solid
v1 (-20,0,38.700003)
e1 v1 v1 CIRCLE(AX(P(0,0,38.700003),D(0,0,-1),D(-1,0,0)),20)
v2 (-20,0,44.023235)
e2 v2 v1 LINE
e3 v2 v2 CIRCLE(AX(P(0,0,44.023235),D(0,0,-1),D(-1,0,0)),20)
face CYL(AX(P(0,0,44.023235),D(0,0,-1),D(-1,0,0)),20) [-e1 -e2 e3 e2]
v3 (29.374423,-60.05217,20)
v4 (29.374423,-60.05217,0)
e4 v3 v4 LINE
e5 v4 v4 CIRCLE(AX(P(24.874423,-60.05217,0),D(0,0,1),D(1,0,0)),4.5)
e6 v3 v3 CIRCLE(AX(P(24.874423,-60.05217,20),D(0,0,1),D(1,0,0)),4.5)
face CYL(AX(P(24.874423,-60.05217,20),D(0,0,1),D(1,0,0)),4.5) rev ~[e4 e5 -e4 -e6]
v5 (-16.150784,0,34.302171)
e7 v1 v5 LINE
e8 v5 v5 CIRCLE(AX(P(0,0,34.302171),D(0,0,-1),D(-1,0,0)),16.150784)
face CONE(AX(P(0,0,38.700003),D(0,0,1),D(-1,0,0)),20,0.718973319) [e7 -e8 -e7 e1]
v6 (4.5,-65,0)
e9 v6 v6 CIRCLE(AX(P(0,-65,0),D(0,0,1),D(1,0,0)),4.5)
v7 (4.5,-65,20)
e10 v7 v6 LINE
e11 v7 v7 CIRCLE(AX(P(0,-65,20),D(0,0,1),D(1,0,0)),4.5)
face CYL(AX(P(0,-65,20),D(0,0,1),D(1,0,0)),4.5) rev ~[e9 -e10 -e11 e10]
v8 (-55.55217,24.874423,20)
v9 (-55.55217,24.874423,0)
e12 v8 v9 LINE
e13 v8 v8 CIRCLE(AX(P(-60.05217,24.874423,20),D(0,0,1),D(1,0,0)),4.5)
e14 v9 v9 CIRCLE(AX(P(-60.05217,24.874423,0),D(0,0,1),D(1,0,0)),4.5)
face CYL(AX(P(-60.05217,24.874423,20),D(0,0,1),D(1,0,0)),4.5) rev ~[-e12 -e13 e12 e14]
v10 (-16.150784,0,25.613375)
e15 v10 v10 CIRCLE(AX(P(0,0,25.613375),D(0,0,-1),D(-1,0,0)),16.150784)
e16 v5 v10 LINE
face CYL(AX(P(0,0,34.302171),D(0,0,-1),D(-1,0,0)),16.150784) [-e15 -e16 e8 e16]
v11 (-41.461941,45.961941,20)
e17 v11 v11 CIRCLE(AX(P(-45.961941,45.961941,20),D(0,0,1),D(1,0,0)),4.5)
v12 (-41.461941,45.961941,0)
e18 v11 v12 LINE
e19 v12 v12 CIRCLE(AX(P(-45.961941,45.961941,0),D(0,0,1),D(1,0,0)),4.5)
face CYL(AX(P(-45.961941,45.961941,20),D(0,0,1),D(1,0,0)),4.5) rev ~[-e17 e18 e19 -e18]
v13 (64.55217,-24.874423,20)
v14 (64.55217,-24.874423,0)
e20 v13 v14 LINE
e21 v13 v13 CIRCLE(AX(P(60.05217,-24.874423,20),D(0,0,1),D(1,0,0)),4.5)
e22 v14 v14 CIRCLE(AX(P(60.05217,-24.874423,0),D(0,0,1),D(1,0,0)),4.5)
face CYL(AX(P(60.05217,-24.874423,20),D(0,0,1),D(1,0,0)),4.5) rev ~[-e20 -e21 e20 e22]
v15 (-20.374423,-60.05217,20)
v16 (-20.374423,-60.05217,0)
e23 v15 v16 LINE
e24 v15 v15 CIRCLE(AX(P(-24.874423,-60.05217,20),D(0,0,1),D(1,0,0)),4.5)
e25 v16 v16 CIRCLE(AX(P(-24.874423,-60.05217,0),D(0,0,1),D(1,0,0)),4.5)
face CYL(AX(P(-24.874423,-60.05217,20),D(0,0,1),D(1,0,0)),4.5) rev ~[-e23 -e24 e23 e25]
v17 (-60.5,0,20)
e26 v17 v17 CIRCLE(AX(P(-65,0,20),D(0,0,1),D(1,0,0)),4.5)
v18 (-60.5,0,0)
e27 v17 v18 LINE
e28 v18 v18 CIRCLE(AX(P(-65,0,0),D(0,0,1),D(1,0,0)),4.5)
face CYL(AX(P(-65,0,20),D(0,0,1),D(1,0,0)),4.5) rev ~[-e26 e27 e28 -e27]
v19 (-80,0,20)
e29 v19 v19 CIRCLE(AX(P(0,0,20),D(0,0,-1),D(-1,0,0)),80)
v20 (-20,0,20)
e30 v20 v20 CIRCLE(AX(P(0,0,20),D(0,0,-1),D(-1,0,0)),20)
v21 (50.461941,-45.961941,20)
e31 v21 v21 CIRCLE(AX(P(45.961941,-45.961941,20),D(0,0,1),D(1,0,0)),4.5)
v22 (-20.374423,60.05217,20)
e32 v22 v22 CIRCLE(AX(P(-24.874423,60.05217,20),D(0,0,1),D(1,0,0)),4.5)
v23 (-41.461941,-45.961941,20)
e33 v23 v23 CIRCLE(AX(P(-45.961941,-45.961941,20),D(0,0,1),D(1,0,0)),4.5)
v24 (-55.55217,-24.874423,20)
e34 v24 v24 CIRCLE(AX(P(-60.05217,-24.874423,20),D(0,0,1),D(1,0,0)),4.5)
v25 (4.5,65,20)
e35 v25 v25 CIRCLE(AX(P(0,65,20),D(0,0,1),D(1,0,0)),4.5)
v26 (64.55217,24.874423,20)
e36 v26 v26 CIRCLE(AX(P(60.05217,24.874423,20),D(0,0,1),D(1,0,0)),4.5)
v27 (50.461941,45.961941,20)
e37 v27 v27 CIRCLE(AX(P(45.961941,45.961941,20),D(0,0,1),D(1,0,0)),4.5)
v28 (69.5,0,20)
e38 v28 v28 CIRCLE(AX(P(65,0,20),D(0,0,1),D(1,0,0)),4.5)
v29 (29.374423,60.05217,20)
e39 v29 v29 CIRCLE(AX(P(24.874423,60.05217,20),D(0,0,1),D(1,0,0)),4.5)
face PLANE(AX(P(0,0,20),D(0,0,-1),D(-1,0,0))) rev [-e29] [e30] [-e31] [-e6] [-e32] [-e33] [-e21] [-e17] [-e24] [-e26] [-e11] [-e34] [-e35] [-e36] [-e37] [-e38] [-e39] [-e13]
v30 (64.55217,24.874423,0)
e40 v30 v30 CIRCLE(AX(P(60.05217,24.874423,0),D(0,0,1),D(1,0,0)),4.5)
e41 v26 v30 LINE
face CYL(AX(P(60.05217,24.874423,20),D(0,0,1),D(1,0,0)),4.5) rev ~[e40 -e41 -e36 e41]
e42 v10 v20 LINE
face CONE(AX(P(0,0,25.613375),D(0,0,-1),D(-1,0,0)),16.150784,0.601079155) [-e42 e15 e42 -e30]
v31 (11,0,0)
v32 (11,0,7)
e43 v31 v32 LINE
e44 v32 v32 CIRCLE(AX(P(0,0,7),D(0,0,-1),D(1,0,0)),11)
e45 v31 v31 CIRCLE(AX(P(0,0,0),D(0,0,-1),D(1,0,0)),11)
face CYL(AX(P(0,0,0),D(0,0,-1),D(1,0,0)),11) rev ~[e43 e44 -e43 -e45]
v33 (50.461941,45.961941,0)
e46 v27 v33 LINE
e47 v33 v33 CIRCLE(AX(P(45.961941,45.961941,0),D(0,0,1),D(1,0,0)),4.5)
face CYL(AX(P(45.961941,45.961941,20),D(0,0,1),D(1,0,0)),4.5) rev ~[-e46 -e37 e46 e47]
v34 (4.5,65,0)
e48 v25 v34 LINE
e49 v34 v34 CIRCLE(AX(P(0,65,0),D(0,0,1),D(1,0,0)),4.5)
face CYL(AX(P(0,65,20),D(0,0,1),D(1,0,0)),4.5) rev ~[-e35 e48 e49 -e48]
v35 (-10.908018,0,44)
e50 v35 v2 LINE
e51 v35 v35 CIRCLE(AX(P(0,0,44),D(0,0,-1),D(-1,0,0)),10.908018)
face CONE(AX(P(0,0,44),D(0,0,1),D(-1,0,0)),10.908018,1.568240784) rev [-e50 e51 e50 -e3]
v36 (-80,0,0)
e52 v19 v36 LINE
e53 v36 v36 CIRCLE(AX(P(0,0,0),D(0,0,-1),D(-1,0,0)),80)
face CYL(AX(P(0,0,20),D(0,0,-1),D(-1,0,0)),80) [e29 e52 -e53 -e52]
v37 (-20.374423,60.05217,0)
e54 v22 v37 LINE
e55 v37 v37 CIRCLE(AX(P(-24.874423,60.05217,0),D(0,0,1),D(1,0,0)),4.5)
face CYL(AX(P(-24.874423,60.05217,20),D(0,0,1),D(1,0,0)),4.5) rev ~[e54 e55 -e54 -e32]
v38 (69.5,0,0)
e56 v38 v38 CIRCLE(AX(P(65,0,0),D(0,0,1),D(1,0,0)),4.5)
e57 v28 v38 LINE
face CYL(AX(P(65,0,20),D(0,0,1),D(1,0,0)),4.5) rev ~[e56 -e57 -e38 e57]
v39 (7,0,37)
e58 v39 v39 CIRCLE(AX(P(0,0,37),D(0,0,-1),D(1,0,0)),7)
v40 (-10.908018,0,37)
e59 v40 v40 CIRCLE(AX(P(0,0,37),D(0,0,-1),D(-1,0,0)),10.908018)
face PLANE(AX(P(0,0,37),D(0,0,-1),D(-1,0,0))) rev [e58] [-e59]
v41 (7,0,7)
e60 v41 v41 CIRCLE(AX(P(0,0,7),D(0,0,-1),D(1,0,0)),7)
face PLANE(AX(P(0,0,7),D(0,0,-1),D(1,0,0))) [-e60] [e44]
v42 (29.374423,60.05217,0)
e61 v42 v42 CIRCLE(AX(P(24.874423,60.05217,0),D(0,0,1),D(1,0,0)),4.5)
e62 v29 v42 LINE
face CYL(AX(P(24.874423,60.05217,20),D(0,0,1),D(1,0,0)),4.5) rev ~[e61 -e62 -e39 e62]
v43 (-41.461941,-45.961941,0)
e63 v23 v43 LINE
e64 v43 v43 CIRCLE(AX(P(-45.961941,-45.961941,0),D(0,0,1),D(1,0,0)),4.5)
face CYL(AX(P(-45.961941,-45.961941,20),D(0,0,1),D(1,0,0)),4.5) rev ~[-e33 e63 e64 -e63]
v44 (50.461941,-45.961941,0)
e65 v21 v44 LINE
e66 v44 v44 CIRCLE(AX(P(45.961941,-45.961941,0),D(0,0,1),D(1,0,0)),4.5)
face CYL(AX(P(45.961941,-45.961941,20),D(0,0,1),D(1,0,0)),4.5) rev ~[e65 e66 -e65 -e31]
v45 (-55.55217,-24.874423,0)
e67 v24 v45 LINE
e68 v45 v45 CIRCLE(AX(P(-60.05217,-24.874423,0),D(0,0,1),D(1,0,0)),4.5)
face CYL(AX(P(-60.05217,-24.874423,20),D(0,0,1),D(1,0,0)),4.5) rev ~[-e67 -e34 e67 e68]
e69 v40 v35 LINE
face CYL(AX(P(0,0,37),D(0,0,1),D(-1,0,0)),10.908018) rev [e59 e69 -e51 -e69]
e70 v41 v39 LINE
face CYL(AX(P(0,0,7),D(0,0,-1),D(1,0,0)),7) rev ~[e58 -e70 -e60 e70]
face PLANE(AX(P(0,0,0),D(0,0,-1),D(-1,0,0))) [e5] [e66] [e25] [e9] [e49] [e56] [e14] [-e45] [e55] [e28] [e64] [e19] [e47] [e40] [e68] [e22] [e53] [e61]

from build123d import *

# Parameters (mm, degrees)
F0_W     = 11
F0_H     = 7
F2_R     = 11
F3_DEPTH = 7
F4_R     = 7
F5_DEPTH = 80
F6_R     = 4.5
F7_DEPTH = 41.7


with BuildPart() as f1:
    # F0 (on Front) → F1 (revolve)
    with BuildSketch(Plane.XZ):
        Polygon((-20, 20), (-80, 20), (-80, 0), (-11, 0), (-11, 7), (0, 7), (0, 20), (0, 37), (-10.908018, 37), (-10.908018, 44), (-20, 44.023235), (-20, 38.700003), (-16.150784, 34.302171), (-16.150784, 25.613375), align=None)
        with Locations((-5.5, 3.5)):
            Rectangle(F0_W, F0_H)
    revolve(axis=Axis((0, 0, 77.767195), (0, 0, -1)))

    # F2 (on face) → F3 (cut)
    with BuildSketch(Plane(origin=(0, 0, 0), x_dir=(1, 0, 0), z_dir=(0, 0, -1))):
        Circle(F2_R)
    extrude(amount=-F3_DEPTH, mode=Mode.SUBTRACT)

    # F4 (on face) → F5 (cut)
    with BuildSketch(Plane(origin=(0, 0, 7), x_dir=(1, 0, 0), z_dir=(0, 0, -1))):
        Circle(F4_R)
    extrude(amount=-F5_DEPTH, mode=Mode.SUBTRACT)

    # F6 (on face) → F7 (cut)
    with BuildSketch(Plane.XY.offset(20)):
        with Locations((-45.961941, 45.961941)):
            Circle(F6_R)
        with Locations((-24.874423, 60.05217)):
            Circle(F6_R)
        with Locations((0, 65)):
            Circle(F6_R)
        with Locations((24.874423, 60.05217)):
            Circle(F6_R)
        with Locations((45.961941, 45.961941)):
            Circle(F6_R)
        with Locations((60.05217, 24.874423)):
            Circle(F6_R)
        with Locations((65, 0)):
            Circle(F6_R)
        with Locations((60.05217, -24.874423)):
            Circle(F6_R)
        with Locations((45.961941, -45.961941)):
            Circle(F6_R)
        with Locations((24.874423, -60.05217)):
            Circle(F6_R)
        with Locations((0, -65)):
            Circle(F6_R)
        with Locations((-24.874423, -60.05217)):
            Circle(F6_R)
        with Locations((-45.961941, -45.961941)):
            Circle(F6_R)
        with Locations((-60.05217, -24.874423)):
            Circle(F6_R)
        with Locations((-65, 0)):
            Circle(F6_R)
        with Locations((-60.05217, 24.874423)):
            Circle(F6_R)
    extrude(amount=-F7_DEPTH, mode=Mode.SUBTRACT)


solid = f1.part
